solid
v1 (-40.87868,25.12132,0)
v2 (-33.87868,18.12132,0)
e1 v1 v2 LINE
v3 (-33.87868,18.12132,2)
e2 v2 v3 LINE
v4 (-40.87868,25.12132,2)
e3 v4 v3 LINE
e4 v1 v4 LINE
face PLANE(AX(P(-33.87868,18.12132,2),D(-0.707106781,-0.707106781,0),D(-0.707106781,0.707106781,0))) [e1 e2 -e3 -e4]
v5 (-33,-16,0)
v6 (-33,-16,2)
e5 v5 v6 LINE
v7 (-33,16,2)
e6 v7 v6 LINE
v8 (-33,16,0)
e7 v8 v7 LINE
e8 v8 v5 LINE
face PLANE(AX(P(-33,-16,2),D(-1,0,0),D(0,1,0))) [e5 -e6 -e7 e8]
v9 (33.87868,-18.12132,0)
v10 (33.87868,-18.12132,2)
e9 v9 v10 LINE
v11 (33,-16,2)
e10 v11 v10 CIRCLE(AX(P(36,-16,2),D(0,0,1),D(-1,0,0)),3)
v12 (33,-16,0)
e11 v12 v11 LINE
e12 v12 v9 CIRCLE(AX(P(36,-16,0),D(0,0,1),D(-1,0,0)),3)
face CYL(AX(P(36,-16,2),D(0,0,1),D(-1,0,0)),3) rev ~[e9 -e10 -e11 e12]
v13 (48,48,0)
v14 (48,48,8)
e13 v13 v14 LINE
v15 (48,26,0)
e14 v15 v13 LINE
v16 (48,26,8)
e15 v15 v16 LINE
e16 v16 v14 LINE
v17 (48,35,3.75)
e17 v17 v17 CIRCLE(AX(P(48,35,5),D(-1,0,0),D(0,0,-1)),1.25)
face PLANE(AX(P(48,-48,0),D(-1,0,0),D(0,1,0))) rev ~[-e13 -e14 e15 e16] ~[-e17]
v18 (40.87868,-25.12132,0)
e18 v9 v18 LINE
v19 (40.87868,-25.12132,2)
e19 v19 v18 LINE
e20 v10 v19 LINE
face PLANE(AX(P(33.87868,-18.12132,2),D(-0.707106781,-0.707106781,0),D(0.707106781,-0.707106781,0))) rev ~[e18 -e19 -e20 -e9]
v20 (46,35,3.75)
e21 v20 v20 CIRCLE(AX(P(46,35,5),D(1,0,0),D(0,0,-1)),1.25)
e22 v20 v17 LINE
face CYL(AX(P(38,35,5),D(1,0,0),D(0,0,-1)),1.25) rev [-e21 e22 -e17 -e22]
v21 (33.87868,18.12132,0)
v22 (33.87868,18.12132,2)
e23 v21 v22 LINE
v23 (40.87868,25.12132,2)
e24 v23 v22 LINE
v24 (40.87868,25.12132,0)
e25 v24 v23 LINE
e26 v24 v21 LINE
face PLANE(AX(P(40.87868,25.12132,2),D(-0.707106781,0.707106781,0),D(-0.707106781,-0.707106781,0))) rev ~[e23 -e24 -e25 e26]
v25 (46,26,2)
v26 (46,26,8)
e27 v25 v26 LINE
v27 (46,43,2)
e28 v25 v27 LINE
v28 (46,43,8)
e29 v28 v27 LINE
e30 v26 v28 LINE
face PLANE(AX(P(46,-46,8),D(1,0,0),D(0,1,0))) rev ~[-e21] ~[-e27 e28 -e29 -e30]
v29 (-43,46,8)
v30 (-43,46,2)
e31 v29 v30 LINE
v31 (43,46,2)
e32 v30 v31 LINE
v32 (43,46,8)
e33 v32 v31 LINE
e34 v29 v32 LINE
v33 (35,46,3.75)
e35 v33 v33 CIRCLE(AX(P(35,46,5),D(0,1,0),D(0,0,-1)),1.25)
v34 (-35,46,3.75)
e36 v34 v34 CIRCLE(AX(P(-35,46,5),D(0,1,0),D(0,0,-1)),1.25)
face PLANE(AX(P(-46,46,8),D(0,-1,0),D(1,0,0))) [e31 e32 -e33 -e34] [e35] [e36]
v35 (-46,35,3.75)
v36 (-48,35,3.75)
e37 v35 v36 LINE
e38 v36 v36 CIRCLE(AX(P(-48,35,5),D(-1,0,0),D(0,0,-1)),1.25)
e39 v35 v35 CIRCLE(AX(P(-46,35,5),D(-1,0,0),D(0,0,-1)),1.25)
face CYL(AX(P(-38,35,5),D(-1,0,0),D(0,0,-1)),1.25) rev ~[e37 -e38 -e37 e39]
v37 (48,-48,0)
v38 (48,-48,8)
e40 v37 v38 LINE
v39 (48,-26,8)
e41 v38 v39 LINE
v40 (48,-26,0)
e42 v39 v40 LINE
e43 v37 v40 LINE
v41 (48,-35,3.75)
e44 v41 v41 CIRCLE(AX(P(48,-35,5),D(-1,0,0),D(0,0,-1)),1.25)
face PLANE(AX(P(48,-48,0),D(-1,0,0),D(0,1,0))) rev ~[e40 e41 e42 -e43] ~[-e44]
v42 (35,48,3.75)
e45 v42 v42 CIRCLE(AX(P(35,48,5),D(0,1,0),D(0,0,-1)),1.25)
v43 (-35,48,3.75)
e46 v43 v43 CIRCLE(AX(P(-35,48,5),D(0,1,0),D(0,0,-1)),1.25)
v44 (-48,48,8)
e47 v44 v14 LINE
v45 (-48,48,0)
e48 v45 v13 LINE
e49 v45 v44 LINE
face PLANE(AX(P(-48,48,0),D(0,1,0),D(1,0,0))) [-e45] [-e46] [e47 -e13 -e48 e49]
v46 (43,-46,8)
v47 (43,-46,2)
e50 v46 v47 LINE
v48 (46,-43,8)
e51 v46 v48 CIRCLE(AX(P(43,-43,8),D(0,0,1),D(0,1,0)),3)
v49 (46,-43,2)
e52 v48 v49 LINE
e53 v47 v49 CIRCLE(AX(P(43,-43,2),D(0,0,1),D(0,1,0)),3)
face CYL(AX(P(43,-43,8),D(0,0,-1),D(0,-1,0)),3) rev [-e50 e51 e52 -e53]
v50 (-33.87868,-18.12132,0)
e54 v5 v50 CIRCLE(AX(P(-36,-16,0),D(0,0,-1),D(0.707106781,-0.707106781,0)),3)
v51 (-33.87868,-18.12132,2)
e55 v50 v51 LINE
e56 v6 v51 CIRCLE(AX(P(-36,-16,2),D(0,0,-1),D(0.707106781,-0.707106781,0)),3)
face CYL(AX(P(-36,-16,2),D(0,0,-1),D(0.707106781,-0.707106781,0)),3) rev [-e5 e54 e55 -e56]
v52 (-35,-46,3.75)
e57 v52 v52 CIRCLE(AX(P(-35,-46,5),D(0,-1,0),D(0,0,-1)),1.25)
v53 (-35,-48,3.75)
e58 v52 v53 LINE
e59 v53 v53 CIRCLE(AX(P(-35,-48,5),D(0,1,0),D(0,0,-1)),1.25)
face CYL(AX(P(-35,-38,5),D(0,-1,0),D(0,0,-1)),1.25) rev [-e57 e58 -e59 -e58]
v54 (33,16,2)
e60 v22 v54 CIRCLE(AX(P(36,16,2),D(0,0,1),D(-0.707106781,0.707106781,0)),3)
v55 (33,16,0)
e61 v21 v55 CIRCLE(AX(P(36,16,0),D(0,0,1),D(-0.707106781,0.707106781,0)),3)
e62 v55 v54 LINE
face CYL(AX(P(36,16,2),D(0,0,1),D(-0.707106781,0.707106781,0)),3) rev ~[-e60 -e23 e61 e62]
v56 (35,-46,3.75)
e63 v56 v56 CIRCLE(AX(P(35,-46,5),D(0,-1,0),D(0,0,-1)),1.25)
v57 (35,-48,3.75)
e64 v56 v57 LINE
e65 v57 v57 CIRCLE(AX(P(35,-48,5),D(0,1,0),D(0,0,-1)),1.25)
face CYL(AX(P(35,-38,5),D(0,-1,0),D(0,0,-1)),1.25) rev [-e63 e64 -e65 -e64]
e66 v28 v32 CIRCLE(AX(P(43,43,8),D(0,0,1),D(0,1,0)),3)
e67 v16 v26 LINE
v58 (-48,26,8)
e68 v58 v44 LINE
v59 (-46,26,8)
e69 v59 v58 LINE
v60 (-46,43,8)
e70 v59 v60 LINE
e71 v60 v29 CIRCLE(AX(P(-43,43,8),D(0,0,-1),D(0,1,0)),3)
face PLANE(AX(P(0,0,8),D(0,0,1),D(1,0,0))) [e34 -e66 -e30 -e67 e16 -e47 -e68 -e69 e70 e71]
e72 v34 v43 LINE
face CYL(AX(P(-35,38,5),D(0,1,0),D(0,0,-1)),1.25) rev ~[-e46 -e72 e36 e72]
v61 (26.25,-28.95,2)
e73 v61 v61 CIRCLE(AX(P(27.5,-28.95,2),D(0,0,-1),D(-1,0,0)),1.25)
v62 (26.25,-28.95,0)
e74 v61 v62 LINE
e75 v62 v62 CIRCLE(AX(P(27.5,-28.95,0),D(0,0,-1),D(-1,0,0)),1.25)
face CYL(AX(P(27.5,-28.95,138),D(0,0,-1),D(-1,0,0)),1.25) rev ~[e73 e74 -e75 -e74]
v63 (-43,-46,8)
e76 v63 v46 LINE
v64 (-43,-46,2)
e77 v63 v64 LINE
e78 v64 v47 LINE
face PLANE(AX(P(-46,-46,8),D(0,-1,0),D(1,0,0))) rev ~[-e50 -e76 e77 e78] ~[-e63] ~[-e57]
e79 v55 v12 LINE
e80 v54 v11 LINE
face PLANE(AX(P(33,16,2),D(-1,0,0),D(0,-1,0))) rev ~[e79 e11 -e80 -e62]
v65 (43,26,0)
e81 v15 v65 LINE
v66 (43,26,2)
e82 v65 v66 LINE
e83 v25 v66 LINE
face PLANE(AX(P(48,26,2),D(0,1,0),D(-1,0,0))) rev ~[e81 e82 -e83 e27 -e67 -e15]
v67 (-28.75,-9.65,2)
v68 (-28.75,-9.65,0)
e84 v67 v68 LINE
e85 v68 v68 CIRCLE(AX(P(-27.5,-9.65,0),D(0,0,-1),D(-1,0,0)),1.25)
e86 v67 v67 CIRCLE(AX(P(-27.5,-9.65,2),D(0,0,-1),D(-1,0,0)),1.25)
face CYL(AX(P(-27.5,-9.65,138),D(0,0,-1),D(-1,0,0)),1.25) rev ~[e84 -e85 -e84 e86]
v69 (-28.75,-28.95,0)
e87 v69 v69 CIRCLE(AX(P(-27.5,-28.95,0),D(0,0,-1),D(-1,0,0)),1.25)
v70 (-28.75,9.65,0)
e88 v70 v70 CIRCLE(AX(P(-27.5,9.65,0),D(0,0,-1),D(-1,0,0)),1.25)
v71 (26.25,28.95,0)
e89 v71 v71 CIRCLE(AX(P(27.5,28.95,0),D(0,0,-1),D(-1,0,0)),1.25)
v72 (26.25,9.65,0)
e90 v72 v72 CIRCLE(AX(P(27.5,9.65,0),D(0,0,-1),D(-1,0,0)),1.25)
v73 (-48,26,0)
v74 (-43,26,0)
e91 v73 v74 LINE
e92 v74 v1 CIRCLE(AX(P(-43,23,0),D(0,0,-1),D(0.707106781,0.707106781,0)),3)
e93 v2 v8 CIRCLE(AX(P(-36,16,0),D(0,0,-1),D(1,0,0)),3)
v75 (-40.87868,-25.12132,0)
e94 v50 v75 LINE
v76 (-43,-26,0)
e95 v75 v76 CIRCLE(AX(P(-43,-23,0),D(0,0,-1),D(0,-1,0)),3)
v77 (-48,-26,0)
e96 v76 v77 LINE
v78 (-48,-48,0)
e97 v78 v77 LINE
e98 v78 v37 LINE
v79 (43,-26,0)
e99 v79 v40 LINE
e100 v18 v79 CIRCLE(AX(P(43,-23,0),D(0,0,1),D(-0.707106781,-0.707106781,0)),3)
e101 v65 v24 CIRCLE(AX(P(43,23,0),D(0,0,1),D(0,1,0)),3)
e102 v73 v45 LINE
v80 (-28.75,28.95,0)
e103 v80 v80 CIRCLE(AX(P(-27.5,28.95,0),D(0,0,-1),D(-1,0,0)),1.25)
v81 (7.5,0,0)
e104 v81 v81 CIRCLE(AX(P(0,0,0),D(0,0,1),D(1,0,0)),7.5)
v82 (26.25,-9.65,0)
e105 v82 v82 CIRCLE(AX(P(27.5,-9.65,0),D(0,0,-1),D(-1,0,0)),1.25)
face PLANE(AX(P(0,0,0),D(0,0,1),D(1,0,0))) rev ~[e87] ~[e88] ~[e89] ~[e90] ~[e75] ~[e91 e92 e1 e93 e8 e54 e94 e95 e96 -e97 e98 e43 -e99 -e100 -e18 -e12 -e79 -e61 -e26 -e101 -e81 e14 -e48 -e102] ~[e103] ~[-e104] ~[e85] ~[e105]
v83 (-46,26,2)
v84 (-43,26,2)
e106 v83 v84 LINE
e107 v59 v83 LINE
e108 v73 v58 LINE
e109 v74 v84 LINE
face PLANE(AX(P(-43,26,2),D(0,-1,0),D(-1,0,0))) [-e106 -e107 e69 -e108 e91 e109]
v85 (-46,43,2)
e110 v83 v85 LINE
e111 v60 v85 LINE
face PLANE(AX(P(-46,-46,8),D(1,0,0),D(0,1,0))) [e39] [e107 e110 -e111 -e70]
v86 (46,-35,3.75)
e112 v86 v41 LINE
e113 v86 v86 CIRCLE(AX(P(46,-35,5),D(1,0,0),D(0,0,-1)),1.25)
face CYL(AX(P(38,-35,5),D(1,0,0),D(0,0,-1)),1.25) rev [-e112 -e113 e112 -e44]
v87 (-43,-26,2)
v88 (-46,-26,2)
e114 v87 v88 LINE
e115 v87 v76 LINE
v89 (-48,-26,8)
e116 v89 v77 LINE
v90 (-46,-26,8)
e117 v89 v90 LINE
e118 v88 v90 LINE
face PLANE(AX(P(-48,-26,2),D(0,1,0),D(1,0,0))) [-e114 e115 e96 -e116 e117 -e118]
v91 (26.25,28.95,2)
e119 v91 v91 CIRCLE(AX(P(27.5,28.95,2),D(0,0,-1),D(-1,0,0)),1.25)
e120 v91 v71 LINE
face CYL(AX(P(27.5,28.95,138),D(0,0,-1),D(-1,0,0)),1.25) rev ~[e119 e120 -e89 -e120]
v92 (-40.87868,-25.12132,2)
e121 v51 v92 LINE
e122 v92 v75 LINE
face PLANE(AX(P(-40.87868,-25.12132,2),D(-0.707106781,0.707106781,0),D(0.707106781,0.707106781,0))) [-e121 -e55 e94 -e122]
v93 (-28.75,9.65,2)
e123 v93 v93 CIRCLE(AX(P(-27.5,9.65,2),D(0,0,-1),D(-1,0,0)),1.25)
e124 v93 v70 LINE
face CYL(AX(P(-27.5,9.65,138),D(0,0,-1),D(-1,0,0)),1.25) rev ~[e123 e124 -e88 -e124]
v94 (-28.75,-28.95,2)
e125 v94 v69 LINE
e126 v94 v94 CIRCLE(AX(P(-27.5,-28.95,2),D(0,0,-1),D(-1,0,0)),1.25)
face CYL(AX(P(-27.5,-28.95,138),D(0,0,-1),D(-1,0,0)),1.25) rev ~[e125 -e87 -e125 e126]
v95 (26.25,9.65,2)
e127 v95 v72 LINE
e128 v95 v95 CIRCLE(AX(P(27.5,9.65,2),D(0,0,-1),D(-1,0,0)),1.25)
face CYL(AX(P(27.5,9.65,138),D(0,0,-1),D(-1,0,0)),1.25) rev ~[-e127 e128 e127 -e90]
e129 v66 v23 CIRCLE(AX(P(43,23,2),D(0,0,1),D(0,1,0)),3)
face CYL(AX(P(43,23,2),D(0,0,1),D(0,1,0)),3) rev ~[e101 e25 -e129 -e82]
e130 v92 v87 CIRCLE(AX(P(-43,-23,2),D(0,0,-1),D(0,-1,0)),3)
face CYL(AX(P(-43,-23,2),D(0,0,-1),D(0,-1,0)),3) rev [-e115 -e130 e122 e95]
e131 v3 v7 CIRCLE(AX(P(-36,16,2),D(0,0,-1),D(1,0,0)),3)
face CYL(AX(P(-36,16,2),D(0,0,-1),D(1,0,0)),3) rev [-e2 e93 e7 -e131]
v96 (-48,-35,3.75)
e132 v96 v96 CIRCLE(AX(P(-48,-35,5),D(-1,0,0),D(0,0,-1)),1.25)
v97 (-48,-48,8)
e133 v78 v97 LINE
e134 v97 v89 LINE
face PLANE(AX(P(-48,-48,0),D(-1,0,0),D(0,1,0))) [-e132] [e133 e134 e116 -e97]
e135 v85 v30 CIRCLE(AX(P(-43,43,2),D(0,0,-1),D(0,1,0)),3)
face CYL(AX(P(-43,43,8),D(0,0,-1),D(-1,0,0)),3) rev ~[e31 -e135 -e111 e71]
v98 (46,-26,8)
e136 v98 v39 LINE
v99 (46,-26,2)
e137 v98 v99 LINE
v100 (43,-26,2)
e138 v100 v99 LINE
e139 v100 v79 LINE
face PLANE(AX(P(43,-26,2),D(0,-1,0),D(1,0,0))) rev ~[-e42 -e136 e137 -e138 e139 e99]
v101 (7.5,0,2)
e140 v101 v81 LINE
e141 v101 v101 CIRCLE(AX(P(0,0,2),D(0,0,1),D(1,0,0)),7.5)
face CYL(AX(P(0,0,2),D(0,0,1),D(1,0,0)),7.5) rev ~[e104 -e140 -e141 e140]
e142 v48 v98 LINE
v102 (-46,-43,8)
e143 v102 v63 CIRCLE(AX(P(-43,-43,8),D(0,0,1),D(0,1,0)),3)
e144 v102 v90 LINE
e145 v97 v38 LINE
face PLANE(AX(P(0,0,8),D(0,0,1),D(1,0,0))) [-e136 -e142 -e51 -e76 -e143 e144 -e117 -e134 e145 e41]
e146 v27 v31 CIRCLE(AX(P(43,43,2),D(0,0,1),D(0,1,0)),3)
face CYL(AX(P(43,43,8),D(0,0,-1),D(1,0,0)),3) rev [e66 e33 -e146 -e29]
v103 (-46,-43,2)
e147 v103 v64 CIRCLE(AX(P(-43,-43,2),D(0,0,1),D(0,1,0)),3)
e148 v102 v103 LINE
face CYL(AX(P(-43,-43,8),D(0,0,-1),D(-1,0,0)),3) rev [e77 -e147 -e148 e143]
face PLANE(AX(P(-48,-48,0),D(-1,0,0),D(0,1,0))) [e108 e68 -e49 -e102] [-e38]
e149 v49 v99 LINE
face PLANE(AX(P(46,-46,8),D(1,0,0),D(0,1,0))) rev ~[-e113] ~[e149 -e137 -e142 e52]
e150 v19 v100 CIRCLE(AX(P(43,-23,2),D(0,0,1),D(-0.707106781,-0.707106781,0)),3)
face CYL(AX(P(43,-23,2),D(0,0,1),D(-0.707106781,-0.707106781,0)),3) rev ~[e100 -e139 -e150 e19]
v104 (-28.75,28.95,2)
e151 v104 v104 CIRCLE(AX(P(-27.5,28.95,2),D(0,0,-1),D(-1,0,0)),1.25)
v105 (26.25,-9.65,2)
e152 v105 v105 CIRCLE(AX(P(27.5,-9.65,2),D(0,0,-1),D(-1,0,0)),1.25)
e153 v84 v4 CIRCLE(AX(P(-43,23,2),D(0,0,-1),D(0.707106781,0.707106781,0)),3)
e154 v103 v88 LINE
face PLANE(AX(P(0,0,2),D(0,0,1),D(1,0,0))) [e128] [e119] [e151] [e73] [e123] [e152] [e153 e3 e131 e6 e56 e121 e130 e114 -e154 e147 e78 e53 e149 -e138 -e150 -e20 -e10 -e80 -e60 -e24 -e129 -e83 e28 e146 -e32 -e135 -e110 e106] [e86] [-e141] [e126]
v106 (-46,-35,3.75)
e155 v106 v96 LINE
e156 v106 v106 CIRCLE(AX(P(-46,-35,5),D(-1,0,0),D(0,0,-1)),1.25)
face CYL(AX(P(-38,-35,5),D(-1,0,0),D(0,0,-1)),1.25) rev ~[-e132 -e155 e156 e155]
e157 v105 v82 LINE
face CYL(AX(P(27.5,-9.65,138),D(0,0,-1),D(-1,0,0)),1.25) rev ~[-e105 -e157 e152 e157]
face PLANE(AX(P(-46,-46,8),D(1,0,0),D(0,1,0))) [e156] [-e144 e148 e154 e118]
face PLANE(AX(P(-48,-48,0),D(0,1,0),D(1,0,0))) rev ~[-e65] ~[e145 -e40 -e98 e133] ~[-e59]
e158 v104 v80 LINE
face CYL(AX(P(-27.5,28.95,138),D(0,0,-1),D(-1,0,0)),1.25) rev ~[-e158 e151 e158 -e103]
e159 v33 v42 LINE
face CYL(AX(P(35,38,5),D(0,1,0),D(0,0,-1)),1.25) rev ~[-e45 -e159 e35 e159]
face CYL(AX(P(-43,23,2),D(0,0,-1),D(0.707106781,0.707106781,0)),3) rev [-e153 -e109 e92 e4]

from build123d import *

# Parameters (mm, degrees)
SKETCH1_W                      = 96
SKETCH1_H                      = 96
BOSS_EXTRUDE1_DEPTH            = 8
SKETCH2_W                      = 92
SKETCH2_H                      = 92
COMPONENT_PLATFORM_DEPTH       = 6
CABLE_SLOTS_DEPTH              = 6
SKETCH4_R                      = 7.5
CENTER_MASS_CUT_DEPTH          = 6
INNER_CORNER_FILLETS_R         = 3
M3X0_5_TAPPED_HOLE1_AT_2_COUNT = 2
M3X0_5_TAPPED_HOLE1_AT_2_PITCH = 70
M3X0_5_TAPPED_HOLE2_AT_2_COUNT = 2
M3X0_5_TAPPED_HOLE2_AT_2_PITCH = 70
M3X0_5_TAPPED_HOLE3_D          = 2.5


with BuildPart() as part:
    # Sketch1 → Boss-Extrude1 (new body)
    with BuildSketch(Plane.XY):
        Rectangle(SKETCH1_W, SKETCH1_H)
    extrude(amount=BOSS_EXTRUDE1_DEPTH)

    # Sketch2 → Component Platform (cut)
    with BuildSketch(Plane.XY.offset(8)):
        Rectangle(SKETCH2_W, SKETCH2_H)
    extrude(amount=-COMPONENT_PLATFORM_DEPTH, mode=Mode.SUBTRACT)

    # Sketch3 → Cable Slots (cut, symmetric)
    with BuildSketch(Plane.XY.offset(2)):
        with BuildLine():
            Line((-40.878679656, -25.121320344), (-33.878679656, -18.121320344))
            ThreePointArc((-33.878679656, -18.121320344), (-33.228361402, -17.148050297), (-33, -16))
            Line((-33, -16), (-33, 16))
            ThreePointArc((-33, 16), (-33.228361402, 17.148050297), (-33.878679656, 18.121320344))
            Line((-33.878679656, 18.121320344), (-40.878679656, 25.121320344))
            ThreePointArc((-40.878679656, 25.121320344), (-41.851949703, 25.771638598), (-43, 26))
            Line((-43, 26), (-48, 26))
            Line((-48, 26), (-48, -26))
            Line((-48, -26), (-43, -26))
            ThreePointArc((-43, -26), (-41.851949703, -25.771638598), (-40.878679656, -25.121320344))
        make_face()
        with BuildLine():
            Line((48, -26), (48, 26))
            Line((48, 26), (43, 26))
            ThreePointArc((43, 26), (41.851949703, 25.771638598), (40.878679656, 25.121320344))
            Line((40.878679656, 25.121320344), (33.878679656, 18.121320344))
            ThreePointArc((33.878679656, 18.121320344), (33.228361402, 17.148050297), (33, 16))
            Line((33, 16), (33, -16))
            ThreePointArc((33, -16), (33.228361402, -17.148050297), (33.878679656, -18.121320344))
            Line((33.878679656, -18.121320344), (40.878679656, -25.121320344))
            ThreePointArc((40.878679656, -25.121320344), (41.851949703, -25.771638598), (43, -26))
            Line((43, -26), (48, -26))
        make_face()
    extrude(amount=CABLE_SLOTS_DEPTH, both=True, mode=Mode.SUBTRACT)

    # Sketch4 → Center Mass Cut (cut)
    with BuildSketch(Plane.XY.offset(2)):
        Circle(SKETCH4_R)
    extrude(amount=-CENTER_MASS_CUT_DEPTH, mode=Mode.SUBTRACT)

    # Inner Corner Fillets
    inner_corner_fillets_edges = [part.edges().sort_by_distance(p)[0] for p in [
        (-46, -46, 5),
        (-46, 46, 5),
        (46, 46, 5),
        (46, -46, 5),
    ]]
    fillet(inner_corner_fillets_edges, radius=INNER_CORNER_FILLETS_R)

    # Sketch10 → M3x0.5 Tapped Hole1 (revolve, cut)
    with BuildSketch(Plane(origin=(48, -35, 5), x_dir=(0, 0, -1), z_dir=(0, 1, 0))):
        Polygon((0, 0), (0, 10.751075774), (1.25, 10), (1.25, 0), align=None)
    m3x0_5_tapped_hole1 = revolve(axis=Axis((54.35, -35, 5), (-1, 0, 0)), mode=Mode.SUBTRACT)

    # M3x0.5 Tapped Hole1 at 2: M3x0.5 Tapped Hole1 ×2
    with Locations(*[(0, i * M3X0_5_TAPPED_HOLE1_AT_2_PITCH, 0) for i in range(1, M3X0_5_TAPPED_HOLE1_AT_2_COUNT)]):
        add(m3x0_5_tapped_hole1, mode=Mode.SUBTRACT)

    # Sketch13 → M3x0.5 Tapped Hole2 (revolve, cut)
    with BuildSketch(Plane(origin=(-35, -48, 5), x_dir=(0, 0, -1), z_dir=(1, 0, 0))):
        Polygon((0, 0), (0, 10.751075774), (1.25, 10), (1.25, 0), align=None)
    m3x0_5_tapped_hole2 = revolve(axis=Axis((-35, -54.35, 5), (0, 1, 0)), mode=Mode.SUBTRACT)

    # M3x0.5 Tapped Hole2 at 2: M3x0.5 Tapped Hole2 ×2
    with Locations(*[(i * M3X0_5_TAPPED_HOLE2_AT_2_PITCH, 0, 0) for i in range(1, M3X0_5_TAPPED_HOLE2_AT_2_COUNT)]):
        add(m3x0_5_tapped_hole2, mode=Mode.SUBTRACT)

    # Mirror1: M3x0.5 Tapped Hole1 across plane
    add(m3x0_5_tapped_hole1.mirror(Plane(origin=(0, 0, 0), x_dir=(0, 0, 1), z_dir=(1, 0, 0))), mode=Mode.SUBTRACT)

    # Mirror1 copy 1 sketch → Mirror1 copy 1 (revolve, cut)
    with BuildSketch(Plane(origin=(-48, 35, 5), x_dir=(0, 0, -1), z_dir=(0, 1, 0))):
        Polygon((0, 0), (0, -10.751075774), (1.25, -10), (1.25, 0), align=None)
    revolve(axis=Axis((-54.35, 35, 5), (-1, 0, 0)), mode=Mode.SUBTRACT)

    # Mirror2: M3x0.5 Tapped Hole2 across plane
    add(m3x0_5_tapped_hole2.mirror(Plane(origin=(0, 0, 0), x_dir=(0, 0, 1), z_dir=(0, -1, 0))), mode=Mode.SUBTRACT)

    # Mirror2 copy 1 sketch → Mirror2 copy 1 (revolve, cut)
    with BuildSketch(Plane(origin=(35, 48, 5), x_dir=(0, 0, -1), z_dir=(1, 0, 0))):
        Polygon((0, 0), (0, -10.751075774), (1.25, -10), (1.25, 0), align=None)
    revolve(axis=Axis((35, 54.35, 5), (0, 1, 0)), mode=Mode.SUBTRACT)

    # M3x0.5 Tapped Hole3 (through all)
    with Locations(Plane.XY.offset(2)):
        with Locations((-27.5, 28.95), (-27.5, 9.65), (-27.5, -9.65), (-27.5, -28.95), (27.5, -28.95), (27.5, -9.65), (27.5, 9.65), (27.5, 28.95)):
            Hole(M3X0_5_TAPPED_HOLE3_D / 2)


solid = part.part
